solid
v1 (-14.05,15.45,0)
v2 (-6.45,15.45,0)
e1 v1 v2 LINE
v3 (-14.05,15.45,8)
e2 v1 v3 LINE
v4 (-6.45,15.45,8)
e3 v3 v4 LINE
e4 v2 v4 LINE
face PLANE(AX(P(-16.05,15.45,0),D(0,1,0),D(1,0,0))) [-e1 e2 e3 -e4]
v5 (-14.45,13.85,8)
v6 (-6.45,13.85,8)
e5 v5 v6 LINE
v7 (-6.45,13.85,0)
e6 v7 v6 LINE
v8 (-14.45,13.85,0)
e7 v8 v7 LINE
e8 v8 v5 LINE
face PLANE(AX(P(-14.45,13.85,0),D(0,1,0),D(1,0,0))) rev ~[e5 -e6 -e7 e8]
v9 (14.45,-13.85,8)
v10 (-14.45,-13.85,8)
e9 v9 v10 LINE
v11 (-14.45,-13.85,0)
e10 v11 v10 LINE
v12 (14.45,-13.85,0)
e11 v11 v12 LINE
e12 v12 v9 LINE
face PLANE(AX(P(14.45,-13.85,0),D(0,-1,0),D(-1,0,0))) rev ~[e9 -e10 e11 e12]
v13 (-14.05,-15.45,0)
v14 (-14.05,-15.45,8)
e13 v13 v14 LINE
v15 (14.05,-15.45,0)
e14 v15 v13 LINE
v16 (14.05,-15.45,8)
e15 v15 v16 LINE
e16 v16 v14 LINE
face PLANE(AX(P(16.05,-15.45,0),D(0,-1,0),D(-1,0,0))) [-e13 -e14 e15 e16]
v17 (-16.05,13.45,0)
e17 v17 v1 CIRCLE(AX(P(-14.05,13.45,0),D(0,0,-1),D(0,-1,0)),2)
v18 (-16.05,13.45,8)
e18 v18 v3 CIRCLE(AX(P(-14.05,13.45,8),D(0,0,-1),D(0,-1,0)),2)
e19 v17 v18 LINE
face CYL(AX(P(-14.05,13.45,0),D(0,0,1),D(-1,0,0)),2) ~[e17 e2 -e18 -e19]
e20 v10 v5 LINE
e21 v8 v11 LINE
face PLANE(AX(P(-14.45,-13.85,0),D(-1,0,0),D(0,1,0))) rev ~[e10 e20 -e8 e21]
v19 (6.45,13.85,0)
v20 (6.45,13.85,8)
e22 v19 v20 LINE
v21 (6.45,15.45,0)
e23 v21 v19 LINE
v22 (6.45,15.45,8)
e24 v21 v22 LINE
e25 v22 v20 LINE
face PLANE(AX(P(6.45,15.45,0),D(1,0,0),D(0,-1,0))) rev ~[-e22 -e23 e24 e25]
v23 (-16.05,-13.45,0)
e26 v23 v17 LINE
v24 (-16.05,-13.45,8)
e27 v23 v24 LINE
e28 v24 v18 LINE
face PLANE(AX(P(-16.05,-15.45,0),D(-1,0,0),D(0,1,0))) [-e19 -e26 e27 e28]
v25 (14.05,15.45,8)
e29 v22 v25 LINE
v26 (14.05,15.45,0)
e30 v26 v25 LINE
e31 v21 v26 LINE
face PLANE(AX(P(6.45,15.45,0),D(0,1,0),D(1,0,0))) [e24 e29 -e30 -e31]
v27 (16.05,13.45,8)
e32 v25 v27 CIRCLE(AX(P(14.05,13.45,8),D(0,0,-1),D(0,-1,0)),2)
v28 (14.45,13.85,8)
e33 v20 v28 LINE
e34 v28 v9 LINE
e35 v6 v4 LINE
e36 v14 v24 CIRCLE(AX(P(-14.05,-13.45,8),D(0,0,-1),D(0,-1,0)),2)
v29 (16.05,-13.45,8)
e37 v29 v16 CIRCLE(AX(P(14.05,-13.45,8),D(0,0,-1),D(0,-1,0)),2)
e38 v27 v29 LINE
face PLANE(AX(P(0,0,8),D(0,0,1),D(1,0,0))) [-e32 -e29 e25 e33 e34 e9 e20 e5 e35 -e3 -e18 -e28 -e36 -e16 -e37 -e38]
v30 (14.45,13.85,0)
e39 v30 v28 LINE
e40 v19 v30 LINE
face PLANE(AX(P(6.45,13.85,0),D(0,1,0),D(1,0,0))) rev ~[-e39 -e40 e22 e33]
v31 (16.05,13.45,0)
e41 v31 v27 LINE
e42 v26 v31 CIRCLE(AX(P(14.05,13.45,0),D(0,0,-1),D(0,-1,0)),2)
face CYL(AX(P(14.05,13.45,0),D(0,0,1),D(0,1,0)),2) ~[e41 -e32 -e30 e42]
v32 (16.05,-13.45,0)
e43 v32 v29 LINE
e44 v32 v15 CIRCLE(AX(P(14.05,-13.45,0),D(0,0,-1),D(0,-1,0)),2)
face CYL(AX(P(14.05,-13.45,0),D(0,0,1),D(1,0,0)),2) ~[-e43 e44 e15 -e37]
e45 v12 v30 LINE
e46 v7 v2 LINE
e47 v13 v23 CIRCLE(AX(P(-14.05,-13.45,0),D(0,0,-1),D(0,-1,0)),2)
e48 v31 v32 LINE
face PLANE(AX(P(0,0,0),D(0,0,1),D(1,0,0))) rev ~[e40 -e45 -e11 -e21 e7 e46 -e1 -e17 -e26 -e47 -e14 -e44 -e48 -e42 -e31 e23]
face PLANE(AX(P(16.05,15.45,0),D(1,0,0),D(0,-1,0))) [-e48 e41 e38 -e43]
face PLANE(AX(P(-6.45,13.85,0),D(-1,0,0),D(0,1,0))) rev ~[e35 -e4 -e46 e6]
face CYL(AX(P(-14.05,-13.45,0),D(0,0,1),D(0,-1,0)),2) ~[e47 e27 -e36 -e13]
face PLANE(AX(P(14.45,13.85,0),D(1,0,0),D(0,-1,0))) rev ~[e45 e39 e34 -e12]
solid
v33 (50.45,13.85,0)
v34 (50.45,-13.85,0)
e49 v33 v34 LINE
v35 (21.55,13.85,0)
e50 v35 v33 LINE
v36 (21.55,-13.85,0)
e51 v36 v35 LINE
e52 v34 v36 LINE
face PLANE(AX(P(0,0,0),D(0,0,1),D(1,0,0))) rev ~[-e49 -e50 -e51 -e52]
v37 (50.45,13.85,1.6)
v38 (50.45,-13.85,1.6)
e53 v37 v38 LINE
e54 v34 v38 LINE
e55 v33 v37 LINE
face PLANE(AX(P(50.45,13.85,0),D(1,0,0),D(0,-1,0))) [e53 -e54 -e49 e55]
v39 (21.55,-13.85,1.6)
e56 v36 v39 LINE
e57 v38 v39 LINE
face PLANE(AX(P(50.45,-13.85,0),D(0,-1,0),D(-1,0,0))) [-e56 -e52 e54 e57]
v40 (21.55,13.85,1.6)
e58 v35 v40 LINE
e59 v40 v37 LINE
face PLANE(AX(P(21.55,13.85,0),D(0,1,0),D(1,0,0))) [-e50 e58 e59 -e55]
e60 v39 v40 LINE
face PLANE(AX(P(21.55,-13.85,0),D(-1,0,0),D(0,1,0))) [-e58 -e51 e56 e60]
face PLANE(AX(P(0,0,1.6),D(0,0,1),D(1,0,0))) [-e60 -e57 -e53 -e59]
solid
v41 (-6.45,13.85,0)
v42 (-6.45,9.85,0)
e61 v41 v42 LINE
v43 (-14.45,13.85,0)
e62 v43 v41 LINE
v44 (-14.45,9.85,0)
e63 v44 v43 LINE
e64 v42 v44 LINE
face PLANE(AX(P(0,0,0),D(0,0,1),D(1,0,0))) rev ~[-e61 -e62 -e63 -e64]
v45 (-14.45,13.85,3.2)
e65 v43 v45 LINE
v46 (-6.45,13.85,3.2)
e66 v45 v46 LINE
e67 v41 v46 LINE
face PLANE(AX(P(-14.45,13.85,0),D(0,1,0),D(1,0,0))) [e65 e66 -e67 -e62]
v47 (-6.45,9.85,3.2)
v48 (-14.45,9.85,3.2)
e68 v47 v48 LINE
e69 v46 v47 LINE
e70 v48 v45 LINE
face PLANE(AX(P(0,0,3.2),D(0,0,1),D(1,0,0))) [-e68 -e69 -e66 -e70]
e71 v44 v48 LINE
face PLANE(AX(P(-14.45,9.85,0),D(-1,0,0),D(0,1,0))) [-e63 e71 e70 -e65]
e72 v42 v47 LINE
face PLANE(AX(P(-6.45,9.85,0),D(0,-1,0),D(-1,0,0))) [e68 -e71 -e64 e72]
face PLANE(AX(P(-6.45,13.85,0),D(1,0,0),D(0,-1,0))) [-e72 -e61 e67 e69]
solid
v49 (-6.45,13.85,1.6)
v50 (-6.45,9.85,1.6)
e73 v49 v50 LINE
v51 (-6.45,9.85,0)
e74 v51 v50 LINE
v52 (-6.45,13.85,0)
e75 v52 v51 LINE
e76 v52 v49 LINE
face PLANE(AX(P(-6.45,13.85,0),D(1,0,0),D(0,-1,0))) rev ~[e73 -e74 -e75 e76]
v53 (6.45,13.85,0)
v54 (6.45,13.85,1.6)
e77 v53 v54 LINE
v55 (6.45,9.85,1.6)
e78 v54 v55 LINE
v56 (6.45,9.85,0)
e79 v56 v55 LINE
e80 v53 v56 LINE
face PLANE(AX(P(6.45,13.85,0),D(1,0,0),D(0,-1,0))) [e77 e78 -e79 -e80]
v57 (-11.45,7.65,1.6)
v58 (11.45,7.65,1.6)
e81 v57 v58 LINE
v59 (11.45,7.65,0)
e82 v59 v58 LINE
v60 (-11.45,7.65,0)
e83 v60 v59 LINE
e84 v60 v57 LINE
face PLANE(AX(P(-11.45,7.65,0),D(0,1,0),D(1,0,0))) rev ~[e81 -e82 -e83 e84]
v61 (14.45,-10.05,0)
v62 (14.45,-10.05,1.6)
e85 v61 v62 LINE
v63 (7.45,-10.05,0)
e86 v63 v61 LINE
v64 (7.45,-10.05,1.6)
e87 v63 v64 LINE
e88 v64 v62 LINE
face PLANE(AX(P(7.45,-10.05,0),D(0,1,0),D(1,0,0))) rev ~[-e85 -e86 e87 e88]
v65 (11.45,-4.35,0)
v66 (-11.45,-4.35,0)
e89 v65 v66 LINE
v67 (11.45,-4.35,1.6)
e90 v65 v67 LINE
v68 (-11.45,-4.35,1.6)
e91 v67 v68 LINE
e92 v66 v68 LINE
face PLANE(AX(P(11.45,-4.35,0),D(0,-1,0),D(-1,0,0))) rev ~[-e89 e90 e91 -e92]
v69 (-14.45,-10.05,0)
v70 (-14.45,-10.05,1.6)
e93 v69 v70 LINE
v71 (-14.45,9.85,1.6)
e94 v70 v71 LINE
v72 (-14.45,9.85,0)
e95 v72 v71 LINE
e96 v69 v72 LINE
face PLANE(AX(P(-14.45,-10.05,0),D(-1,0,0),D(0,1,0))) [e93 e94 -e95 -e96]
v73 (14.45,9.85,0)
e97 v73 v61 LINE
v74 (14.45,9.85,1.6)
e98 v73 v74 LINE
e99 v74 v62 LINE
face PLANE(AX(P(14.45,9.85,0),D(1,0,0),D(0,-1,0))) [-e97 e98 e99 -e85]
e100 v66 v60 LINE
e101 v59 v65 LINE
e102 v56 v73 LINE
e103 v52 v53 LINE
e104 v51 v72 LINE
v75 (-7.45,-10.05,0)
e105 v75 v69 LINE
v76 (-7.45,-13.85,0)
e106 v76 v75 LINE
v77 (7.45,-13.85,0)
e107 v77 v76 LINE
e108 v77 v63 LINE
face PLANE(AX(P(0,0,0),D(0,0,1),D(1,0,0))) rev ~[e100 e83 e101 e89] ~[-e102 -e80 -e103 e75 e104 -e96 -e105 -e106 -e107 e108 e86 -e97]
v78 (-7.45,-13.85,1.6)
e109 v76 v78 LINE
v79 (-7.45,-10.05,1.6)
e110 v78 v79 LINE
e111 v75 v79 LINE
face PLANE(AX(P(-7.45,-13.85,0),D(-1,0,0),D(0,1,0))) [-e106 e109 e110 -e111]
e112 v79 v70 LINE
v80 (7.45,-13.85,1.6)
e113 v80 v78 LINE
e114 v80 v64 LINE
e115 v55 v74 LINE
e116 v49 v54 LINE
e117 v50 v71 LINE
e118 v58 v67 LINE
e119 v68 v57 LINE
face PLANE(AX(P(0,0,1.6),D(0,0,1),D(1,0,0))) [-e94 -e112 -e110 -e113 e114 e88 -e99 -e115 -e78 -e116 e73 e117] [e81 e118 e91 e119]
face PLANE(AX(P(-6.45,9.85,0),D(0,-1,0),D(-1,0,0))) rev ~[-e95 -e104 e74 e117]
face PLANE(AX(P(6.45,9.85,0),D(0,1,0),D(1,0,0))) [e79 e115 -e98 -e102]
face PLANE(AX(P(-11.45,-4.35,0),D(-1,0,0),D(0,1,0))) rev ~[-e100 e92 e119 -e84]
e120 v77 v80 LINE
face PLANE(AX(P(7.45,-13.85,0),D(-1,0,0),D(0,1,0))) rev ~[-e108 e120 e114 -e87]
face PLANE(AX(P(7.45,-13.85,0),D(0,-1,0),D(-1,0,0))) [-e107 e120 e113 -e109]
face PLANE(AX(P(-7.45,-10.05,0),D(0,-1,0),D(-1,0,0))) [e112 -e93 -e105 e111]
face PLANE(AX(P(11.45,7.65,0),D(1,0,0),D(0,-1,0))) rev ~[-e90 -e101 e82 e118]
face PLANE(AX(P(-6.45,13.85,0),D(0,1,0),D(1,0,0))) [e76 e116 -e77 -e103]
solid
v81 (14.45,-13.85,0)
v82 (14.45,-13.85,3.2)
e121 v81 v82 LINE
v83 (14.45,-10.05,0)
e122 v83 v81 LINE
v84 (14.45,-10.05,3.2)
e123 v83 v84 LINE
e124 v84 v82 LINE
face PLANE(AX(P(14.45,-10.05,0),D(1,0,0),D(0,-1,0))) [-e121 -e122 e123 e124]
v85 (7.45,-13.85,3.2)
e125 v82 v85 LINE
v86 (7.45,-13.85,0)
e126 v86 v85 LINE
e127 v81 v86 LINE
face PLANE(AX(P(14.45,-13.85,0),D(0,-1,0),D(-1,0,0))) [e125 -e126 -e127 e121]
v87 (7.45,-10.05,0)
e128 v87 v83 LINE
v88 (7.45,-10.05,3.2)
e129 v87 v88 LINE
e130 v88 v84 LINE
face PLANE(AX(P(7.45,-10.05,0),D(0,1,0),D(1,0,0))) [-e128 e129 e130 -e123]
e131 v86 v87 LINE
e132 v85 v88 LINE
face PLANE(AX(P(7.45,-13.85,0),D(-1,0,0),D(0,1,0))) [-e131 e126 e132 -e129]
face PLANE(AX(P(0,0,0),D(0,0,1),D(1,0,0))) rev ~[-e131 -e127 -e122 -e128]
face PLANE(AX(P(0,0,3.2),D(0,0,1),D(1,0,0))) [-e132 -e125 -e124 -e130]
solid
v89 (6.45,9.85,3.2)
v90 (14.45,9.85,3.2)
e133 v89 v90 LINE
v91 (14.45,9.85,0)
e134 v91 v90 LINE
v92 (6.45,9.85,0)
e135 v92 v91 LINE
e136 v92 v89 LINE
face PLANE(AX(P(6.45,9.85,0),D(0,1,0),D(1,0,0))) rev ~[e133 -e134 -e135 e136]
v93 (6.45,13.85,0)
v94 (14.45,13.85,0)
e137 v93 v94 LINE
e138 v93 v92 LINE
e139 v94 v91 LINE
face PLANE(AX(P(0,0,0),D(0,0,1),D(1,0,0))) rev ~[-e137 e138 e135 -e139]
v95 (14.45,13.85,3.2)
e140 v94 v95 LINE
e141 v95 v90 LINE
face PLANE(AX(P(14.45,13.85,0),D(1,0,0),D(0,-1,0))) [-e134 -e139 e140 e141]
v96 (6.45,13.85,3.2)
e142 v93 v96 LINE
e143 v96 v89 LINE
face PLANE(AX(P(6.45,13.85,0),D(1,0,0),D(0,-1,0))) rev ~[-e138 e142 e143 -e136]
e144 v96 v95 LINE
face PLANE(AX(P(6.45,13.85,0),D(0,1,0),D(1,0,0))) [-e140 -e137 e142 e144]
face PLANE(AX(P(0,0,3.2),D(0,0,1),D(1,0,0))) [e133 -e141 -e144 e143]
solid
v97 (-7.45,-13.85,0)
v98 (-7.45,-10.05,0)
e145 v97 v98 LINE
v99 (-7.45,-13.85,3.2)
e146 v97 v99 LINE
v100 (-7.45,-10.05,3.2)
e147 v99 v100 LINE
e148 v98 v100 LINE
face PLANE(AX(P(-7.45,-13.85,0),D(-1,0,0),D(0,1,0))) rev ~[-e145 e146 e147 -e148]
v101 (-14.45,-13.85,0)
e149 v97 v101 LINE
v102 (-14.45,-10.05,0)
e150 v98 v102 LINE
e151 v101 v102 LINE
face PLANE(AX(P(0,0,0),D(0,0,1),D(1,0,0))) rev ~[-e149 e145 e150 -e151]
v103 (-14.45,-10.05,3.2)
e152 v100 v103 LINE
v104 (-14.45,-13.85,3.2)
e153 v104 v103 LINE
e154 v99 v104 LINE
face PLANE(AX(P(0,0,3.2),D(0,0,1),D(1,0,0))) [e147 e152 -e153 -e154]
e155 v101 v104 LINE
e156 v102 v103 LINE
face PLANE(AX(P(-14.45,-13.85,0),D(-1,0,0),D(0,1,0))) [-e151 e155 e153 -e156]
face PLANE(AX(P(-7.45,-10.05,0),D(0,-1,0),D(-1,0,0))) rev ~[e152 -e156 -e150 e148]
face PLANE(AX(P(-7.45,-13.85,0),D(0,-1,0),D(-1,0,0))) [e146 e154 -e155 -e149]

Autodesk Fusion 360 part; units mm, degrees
sketch "Sketch1" plane through (0, 0, 0) normal (0, 0, 1) x (1, 0, 0)
  line L0 (14.45, -13.85) -> (-14.45, -13.85)
  line L1 (-14.45, -13.85) -> (-14.45, 13.85)
  line L2 (-14.45, 13.85) -> (14.45, 13.85)
  line L3 (14.45, 13.85) -> (14.45, -13.85)
  line L4 (14.45, -13.85) -> (-14.45, 13.85) construction
  line L5 (-14.45, -13.85) -> (14.45, 13.85) construction
  line L6 (-14.45, 13.85) -> (-6.45, 13.85)
  line L7 (-6.45, 13.85) -> (-6.45, 9.85)
  line L8 (-6.45, 9.85) -> (-14.45, 9.85)
  line L9 (-14.45, 9.85) -> (-14.45, 13.85)
  line L10 (14.45, 13.85) -> (6.45, 13.85)
  line L11 (6.45, 13.85) -> (6.45, 9.85)
  line L12 (6.45, 9.85) -> (14.45, 9.85)
  line L13 (14.45, 9.85) -> (14.45, 13.85)
  line L14 (-14.45, -13.85) -> (-7.45, -13.85)
  line L15 (-7.45, -13.85) -> (-7.45, -10.05)
  line L16 (-7.45, -10.05) -> (-14.45, -10.05)
  line L17 (-14.45, -10.05) -> (-14.45, -13.85)
  line L18 (14.45, -13.85) -> (7.45, -13.85)
  line L19 (7.45, -13.85) -> (7.45, -10.05)
  line L20 (7.45, -10.05) -> (14.45, -10.05)
  line L21 (14.45, -10.05) -> (14.45, -13.85)
  line L22 (-11.45, 7.65) -> (11.45, 7.65)
  line L23 (11.45, 7.65) -> (11.45, -4.35)
  line L24 (11.45, -4.35) -> (-11.45, -4.35)
  line L25 (-11.45, -4.35) -> (-11.45, 7.65)
  line L26 (16.05, -15.45) -> (-16.05, -15.45)
  line L27 (-16.05, -15.45) -> (-16.05, 15.45)
  line L28 (-16.05, 15.45) -> (16.05, 15.45)
  line L29 (16.05, 15.45) -> (16.05, -15.45)
  line L30 (6.45, 13.85) -> (-6.45, 13.85)
  line L31 (-6.45, 13.85) -> (-6.45, 17.05)
  line L32 (-6.45, 17.05) -> (6.45, 17.05)
  line L33 (6.45, 17.05) -> (6.45, 13.85)
  line L34 (6.45, 13.85) -> (-6.45, 17.05) construction
  line L35 (-6.45, 13.85) -> (6.45, 17.05) construction
  line L36 (21.55, -13.85) -> (21.55, 13.85)
  line L37 (50.45, -13.85) -> (21.55, -13.85)
  line L38 (50.45, 13.85) -> (50.45, -13.85)
  line L39 (21.55, 13.85) -> (50.45, 13.85)
  point P0 (0, 15.45)
  dimension "d1" = 28.9
  dimension "d2" = 27.7
  dimension "d3" = 8
  dimension "d4" = 4
  dimension "d5" = 8
  dimension "d6" = 4
  dimension "d7" = 7
  dimension "d8" = 3.8
  dimension "d9" = 7
  dimension "d10" = 3.8
  dimension "d11" = 22.9
  dimension "d12" = 12
  dimension "d13" = 6.2
  dimension "d14" = 3
  dimension "d15" = -1.6
  dimension "d16" = 12.9
  dimension "d23" = 28.9
  dimension "d24" = 27.7
extrude "Extrude4" add sketch "Sketch1" along normal blind 1.6 contours L36 L37 L38 L39 makes body 1
extrude "Extrude3" add sketch "Sketch1" along normal blind 8 separate body contours L0 L1 L2 L3 L6 L9 L10 L13 L14 L17 L18 L21 L26 L27 L28 L29 L31 L33 makes body 2
extrude "Extrude2" add sketch "Sketch1" along normal blind 3.2 separate body contours L0 L3 L18 L19 L20 L21 | L0 L1 L14 L15 L16 L17 | L2 L3 L10 L11 L12 L13 | L1 L2 L6 L7 L8 L9 makes body 3 at (12.1167, -12.5833, 0) makes body 4 at (9.1167, 11.1833, 0) makes body 5 at (-9.7833, -12.5833, 0) makes body 6 at (-11.7833, 12.5167, 0)
extrude "Extrude1" add sketch "Sketch1" along normal blind 1.6 separate body contours L0 L1 L2 L3 L7 L8 L11 L12 L15 L16 L19 L20 L30 makes body 7
fillet "Fillet1" radius 2 4 edges at (-16.05, -15.45, 4) (16.05, -15.45, 4) (16.05, 15.45, 4) (-16.05, 15.45, 4) on bodies 2
